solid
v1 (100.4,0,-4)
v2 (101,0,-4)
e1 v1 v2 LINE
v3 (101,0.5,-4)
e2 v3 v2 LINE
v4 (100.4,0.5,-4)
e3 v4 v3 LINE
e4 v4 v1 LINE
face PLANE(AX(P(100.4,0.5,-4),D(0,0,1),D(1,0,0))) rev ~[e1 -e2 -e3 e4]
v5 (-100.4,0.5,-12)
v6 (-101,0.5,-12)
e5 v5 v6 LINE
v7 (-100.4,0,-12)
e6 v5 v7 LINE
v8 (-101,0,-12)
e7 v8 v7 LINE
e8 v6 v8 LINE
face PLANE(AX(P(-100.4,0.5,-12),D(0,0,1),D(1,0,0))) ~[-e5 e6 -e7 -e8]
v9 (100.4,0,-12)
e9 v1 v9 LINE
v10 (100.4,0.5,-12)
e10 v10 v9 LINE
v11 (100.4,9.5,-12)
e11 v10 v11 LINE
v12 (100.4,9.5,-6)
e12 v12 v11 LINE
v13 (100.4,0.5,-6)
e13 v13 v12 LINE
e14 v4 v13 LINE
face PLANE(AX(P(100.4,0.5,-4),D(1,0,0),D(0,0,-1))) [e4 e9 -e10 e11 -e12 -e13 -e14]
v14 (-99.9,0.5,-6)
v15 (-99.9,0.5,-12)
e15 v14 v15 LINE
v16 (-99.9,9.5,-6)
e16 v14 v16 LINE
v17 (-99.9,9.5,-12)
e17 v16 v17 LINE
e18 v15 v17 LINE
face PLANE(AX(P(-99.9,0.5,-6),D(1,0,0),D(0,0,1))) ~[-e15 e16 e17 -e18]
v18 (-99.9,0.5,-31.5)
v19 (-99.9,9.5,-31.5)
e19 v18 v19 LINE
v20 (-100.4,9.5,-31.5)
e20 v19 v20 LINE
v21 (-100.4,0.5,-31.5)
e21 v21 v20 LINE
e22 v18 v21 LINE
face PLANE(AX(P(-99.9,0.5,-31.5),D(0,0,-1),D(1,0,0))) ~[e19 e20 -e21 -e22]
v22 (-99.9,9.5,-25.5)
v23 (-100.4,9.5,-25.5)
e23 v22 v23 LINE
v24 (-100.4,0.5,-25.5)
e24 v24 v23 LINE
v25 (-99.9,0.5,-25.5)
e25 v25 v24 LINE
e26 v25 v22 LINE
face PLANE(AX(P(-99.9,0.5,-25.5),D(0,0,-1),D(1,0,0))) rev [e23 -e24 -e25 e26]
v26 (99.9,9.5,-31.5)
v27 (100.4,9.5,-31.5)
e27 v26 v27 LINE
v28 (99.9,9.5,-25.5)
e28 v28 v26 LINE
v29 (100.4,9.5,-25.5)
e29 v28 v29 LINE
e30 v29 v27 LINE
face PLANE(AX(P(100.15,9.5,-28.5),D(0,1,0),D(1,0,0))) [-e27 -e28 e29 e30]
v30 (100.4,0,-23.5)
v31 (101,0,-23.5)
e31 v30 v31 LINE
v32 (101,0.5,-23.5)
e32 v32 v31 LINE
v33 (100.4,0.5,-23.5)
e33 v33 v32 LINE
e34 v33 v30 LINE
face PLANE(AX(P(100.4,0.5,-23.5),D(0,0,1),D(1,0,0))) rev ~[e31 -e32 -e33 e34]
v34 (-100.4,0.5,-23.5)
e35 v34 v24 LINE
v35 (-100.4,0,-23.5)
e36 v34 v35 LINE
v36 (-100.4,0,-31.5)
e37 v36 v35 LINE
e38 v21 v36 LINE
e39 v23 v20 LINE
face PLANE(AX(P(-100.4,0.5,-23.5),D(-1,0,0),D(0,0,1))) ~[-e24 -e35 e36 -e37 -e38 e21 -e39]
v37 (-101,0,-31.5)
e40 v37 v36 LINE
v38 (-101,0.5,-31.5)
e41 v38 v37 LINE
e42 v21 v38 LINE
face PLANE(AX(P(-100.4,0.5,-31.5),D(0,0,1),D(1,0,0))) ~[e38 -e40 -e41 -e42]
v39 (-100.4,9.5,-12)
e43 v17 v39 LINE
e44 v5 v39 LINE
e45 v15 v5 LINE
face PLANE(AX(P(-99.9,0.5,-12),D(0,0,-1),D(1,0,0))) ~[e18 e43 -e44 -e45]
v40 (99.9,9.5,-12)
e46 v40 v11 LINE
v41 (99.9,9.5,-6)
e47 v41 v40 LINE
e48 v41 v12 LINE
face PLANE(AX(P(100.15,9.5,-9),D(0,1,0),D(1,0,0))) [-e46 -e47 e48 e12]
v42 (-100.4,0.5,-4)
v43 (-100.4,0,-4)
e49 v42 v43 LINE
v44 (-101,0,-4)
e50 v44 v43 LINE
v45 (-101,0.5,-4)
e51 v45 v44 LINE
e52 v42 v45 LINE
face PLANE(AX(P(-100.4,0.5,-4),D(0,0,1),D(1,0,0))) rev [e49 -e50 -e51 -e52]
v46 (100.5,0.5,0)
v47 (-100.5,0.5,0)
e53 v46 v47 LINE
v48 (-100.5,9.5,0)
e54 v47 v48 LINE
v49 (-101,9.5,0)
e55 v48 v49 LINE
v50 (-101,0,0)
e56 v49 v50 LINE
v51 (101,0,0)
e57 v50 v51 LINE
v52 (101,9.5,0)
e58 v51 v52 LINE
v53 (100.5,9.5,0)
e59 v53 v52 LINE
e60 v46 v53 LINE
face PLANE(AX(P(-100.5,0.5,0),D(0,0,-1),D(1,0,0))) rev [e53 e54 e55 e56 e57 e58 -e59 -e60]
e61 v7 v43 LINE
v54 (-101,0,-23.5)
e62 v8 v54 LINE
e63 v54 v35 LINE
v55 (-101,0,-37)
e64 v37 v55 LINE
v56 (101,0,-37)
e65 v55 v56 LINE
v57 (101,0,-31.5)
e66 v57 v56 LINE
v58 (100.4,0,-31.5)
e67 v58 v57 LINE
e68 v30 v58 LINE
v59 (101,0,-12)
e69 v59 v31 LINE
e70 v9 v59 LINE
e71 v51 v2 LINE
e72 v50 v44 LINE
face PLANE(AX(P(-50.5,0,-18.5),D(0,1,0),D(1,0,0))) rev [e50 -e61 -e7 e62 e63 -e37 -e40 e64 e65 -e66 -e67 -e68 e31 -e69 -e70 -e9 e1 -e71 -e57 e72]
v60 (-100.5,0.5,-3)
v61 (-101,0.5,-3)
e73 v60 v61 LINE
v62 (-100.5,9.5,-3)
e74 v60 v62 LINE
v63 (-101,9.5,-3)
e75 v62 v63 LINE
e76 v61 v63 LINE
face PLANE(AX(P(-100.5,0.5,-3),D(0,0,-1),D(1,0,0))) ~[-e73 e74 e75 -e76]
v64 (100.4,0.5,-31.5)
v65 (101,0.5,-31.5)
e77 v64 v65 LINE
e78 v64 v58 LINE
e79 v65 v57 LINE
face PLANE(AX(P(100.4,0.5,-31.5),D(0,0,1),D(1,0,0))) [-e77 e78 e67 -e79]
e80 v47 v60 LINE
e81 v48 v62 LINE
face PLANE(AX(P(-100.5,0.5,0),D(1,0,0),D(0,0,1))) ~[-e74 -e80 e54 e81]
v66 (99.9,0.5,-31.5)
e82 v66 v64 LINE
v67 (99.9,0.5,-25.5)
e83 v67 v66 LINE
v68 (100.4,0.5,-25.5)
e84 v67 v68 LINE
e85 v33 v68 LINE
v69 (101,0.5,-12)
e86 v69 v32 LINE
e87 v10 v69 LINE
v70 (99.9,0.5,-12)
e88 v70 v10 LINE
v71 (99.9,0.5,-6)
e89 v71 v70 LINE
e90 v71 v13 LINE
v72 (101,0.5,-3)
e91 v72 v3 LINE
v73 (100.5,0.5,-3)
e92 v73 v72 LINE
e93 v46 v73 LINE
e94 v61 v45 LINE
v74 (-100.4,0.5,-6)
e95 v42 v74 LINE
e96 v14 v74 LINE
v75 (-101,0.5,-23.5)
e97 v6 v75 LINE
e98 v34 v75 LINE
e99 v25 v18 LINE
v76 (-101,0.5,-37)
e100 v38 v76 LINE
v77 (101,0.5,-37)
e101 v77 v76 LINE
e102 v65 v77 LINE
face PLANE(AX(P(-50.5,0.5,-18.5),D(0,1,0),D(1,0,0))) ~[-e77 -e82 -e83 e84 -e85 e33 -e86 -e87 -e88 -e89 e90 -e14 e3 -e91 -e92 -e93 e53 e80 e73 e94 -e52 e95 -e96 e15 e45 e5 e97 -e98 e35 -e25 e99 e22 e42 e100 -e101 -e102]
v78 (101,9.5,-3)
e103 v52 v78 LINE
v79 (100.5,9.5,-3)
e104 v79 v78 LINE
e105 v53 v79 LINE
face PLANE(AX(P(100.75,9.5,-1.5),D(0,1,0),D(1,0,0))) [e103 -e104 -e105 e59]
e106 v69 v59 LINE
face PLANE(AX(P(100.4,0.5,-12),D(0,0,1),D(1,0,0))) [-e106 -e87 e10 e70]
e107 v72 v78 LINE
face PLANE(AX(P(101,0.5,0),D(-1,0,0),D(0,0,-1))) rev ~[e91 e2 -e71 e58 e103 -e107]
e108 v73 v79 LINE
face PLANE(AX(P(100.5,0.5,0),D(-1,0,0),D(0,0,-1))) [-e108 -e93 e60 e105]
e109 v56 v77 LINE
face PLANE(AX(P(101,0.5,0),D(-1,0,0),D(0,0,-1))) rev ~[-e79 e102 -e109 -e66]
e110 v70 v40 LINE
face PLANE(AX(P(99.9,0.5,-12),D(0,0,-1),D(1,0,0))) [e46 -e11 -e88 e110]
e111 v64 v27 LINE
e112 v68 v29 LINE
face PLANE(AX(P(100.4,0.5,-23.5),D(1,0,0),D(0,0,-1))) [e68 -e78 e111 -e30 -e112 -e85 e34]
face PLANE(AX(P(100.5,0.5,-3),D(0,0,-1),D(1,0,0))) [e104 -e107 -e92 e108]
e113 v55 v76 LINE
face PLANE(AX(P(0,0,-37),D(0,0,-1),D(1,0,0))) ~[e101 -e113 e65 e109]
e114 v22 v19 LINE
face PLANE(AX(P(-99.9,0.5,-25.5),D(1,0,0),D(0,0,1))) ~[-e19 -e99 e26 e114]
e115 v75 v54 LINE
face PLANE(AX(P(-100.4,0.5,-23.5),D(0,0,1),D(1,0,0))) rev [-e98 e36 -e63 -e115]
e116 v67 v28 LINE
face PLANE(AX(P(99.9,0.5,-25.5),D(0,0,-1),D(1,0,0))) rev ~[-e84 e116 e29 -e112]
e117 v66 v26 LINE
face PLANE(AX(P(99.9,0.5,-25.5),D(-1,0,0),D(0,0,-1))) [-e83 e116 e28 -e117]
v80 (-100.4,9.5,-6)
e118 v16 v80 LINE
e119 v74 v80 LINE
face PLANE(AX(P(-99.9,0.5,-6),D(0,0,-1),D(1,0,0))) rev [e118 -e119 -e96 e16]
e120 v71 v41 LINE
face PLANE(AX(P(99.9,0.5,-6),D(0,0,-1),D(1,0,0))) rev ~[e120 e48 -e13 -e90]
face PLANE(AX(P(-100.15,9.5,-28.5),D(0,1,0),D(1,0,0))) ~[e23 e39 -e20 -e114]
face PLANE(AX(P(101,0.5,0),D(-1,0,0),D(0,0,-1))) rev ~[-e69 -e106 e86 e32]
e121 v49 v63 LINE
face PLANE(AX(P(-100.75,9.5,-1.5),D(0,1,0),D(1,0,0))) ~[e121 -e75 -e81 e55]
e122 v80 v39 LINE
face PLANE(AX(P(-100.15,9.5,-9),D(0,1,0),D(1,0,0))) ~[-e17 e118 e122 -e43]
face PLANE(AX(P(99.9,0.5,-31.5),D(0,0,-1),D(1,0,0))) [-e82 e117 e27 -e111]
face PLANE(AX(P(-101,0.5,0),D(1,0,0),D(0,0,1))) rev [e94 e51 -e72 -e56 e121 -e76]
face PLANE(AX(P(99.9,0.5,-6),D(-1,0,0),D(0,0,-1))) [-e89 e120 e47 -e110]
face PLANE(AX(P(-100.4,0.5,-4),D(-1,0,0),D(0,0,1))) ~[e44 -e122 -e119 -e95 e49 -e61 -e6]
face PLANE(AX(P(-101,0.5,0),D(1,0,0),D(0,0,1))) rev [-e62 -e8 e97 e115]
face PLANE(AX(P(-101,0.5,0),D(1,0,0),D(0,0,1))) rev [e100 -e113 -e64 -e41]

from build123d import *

# Parameters (mm, degrees)
SKETCH1_W                      = 101
SKETCH1_H                      = 37
BOSS_MAINBRIDGERIGHTHALF_DEPTH = 0.5
SKETCH2_W                      = 0.5
SKETCH2_H                      = 3
SKETCH2_H_2                    = 6
BOSS_METALTABS_DEPTH           = 9
SKETCH3_W                      = 0.6
SKETCH3_H                      = 8
CUT_EXTRUDE1_DEPTH             = 1.5


with BuildPart() as part:
    # Sketch1 → Boss-MainBridgeRightHalf (new body)
    with BuildSketch(Plane(origin=(0, 0, 0), x_dir=(1, 0, 0), z_dir=(0, 1, 0))):
        with Locations((50.5, 18.5)):
            Rectangle(SKETCH1_W, SKETCH1_H)
    boss_mainbridgerighthalf = extrude(amount=BOSS_MAINBRIDGERIGHTHALF_DEPTH)

    # Sketch2 → Boss-MetalTabs (add)
    with BuildSketch(Plane(origin=(0, 0.5, 0), x_dir=(1, 0, 0), z_dir=(0, 1, 0))):
        with Locations((100.75, 1.5)):
            Rectangle(SKETCH2_W, SKETCH2_H)
        with Locations((100.15, 28.5)):
            Rectangle(SKETCH2_W, SKETCH2_H_2)
        with Locations((100.15, 9)):
            Rectangle(SKETCH2_W, SKETCH2_H_2)
    boss_metaltabs = extrude(amount=BOSS_METALTABS_DEPTH)

    # Sketch3 → Cut-Extrude1 (cut, through all)
    with BuildSketch(Plane(origin=(0, 0.5, 0), x_dir=(1, 0, 0), z_dir=(0, 1, 0))):
        with Locations((100.7, 27.5)):
            Rectangle(SKETCH3_W, SKETCH3_H)
        with Locations((100.7, 8)):
            Rectangle(SKETCH3_W, SKETCH3_H)
    cut_extrude1 = extrude(amount=-CUT_EXTRUDE1_DEPTH, mode=Mode.SUBTRACT)

    # Mirror1: Boss-MainBridgeRightHalf, Boss-MetalTabs, Cut-Extrude1 across plane
    add(boss_mainbridgerighthalf.mirror(Plane(origin=(0, 0.5, 0), x_dir=(0, 0, 1), z_dir=(1, 0, 0))))
    add(boss_metaltabs.mirror(Plane(origin=(0, 0.5, 0), x_dir=(0, 0, 1), z_dir=(1, 0, 0))))
    add(cut_extrude1.mirror(Plane(origin=(0, 0.5, 0), x_dir=(0, 0, 1), z_dir=(1, 0, 0))), mode=Mode.SUBTRACT)


solid = part.part
